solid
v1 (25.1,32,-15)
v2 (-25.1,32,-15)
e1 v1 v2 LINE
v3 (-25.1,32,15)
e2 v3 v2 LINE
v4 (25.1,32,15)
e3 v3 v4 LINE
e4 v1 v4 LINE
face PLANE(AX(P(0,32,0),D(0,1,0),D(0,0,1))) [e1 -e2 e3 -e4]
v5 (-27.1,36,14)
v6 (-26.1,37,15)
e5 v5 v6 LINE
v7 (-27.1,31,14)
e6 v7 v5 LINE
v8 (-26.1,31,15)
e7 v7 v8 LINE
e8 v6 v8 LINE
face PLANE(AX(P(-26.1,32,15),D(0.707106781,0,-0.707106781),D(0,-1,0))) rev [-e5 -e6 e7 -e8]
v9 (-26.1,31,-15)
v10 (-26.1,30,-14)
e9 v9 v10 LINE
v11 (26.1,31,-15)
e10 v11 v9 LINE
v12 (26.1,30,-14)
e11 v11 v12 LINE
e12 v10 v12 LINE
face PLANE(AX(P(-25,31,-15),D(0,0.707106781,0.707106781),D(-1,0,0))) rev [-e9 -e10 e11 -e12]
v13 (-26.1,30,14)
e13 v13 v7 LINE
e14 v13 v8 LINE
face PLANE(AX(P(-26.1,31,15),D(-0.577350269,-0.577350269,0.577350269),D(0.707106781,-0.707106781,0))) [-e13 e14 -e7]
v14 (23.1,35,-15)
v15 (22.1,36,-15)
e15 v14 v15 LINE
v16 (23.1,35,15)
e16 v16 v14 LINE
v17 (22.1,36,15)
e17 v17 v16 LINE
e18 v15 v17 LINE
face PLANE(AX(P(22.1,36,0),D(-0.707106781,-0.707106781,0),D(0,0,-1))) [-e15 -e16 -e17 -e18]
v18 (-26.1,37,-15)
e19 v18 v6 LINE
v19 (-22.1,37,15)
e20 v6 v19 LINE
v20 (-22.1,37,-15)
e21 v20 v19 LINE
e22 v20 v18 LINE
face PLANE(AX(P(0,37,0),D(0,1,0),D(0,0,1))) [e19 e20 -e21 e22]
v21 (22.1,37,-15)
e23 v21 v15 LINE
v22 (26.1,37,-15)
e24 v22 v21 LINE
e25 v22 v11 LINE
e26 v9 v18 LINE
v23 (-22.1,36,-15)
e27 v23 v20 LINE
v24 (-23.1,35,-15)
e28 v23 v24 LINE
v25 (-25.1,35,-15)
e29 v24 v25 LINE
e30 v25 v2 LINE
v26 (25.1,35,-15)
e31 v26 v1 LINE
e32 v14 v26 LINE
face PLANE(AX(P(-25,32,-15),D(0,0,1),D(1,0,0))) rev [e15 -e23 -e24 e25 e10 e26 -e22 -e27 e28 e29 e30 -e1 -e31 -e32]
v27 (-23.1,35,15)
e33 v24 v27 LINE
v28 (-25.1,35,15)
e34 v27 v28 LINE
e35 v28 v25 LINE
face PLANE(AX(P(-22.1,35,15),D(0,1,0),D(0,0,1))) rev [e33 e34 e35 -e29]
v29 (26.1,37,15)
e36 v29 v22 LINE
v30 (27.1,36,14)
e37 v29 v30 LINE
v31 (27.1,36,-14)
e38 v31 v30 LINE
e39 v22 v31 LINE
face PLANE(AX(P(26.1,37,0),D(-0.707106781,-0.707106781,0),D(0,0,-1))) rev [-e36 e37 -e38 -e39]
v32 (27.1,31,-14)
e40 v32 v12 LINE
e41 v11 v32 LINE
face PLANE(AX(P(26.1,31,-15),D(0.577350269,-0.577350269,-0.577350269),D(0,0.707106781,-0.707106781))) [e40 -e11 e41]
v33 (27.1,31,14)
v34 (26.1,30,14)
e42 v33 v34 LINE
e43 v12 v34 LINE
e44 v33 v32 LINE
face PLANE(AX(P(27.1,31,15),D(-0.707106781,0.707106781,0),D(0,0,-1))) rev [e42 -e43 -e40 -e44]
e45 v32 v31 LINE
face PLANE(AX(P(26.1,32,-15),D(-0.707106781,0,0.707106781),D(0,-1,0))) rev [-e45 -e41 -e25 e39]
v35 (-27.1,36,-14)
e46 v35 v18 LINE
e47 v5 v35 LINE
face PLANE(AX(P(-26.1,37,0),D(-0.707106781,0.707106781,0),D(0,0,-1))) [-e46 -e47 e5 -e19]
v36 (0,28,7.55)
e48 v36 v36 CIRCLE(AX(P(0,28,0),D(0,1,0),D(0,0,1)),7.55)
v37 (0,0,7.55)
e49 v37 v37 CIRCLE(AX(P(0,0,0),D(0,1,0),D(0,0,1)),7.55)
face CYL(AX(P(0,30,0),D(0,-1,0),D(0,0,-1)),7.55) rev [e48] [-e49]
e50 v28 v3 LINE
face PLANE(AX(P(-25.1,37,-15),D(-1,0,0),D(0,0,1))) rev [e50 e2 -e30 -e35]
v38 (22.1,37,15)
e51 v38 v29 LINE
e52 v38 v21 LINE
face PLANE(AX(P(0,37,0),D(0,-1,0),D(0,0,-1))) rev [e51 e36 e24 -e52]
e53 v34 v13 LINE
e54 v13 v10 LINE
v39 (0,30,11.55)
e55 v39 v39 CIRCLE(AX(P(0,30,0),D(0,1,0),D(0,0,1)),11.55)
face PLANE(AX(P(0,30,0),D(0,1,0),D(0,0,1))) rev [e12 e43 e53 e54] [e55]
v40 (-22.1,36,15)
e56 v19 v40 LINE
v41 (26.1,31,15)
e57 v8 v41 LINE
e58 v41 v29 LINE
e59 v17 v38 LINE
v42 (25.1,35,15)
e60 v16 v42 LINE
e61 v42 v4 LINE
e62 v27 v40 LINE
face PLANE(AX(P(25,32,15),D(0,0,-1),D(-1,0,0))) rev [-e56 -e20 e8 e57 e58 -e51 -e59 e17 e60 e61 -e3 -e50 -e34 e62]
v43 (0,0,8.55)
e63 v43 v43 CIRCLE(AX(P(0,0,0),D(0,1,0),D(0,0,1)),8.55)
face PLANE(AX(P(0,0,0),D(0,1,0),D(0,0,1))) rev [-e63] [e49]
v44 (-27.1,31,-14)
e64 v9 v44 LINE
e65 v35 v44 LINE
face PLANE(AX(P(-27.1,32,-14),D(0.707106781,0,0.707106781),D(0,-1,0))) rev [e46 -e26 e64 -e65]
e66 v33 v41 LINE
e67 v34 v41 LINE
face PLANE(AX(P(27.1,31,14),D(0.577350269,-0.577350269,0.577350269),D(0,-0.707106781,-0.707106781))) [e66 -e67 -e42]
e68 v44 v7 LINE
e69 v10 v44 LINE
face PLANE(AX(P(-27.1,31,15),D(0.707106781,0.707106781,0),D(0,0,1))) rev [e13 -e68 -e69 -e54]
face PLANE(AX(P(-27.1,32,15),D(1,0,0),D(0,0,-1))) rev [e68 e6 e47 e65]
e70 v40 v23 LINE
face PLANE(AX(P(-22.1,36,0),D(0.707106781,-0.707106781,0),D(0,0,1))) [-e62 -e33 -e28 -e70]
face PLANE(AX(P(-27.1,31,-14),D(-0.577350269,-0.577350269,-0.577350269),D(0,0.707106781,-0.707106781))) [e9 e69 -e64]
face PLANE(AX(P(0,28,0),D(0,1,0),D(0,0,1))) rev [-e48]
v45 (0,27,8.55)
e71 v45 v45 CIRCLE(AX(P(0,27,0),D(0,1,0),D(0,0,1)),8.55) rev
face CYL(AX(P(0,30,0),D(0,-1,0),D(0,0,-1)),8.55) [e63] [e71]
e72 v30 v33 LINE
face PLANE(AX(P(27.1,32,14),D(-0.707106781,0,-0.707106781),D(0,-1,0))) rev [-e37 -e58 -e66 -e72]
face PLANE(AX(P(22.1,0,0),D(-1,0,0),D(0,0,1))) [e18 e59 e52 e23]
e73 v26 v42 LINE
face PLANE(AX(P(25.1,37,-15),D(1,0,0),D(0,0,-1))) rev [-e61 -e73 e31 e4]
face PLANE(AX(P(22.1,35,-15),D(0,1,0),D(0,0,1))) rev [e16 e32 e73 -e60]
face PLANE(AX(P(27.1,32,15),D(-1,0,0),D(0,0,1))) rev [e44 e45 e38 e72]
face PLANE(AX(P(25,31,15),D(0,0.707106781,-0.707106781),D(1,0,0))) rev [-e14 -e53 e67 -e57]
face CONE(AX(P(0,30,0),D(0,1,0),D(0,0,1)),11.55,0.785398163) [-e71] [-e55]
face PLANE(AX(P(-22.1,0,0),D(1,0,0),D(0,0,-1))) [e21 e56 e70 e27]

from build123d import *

# Parameters (mm, degrees)
SKETCH1_R           = 8.55
SKETCH1_R_2         = 7.55
BOSS_EXTRUDE1_DEPTH = 30
SKETCH2_R           = 8.55
BOSS_EXTRUDE2_DEPTH = 2
BOSS_EXTRUDE3_DEPTH = 2
SKETCH4_W           = 2
SKETCH4_H           = 30
BOSS_EXTRUDE4_DEPTH = 5
SKETCH6_W           = 30
SKETCH6_H           = 2
BOSS_EXTRUDE5_DEPTH = 3
SKETCH7_W           = 30
SKETCH7_H           = 2
BOSS_EXTRUDE6_DEPTH = 3
CHAMFER1_SIZE       = 3
CHAMFER2_SIZE       = 1
CHAMFER3_SIZE       = 1


with BuildPart() as part:
    # Sketch1 → Boss-Extrude1 (new body)
    with BuildSketch(Plane(origin=(0, 0, 0), x_dir=(1, 0, 0), z_dir=(0, 1, 0))):
        Circle(SKETCH1_R)
        Circle(SKETCH1_R_2, mode=Mode.SUBTRACT)
    extrude(amount=BOSS_EXTRUDE1_DEPTH)

    # Sketch2 → Boss-Extrude2 (add)
    with BuildSketch(Plane(origin=(0, 30, 0), x_dir=(1, 0, 0), z_dir=(0, 1, 0))):
        Circle(SKETCH2_R)
    extrude(amount=-BOSS_EXTRUDE2_DEPTH)

    # Sketch3 → Boss-Extrude3 (add)
    with BuildSketch(Plane(origin=(0, 30, 0), x_dir=(1, 0, 0), z_dir=(0, 1, 0))):
        Polygon((27.1, -15), (27.1, 15), (25, 15), (-25, 15), (-27.1, 15), (-27.1, -15), (-25, -15), (25, -15), align=None)
    extrude(amount=BOSS_EXTRUDE3_DEPTH)

    # Sketch4 → Boss-Extrude4 (add)
    with BuildSketch(Plane(origin=(0, 32, 0), x_dir=(1, 0, 0), z_dir=(0, 1, 0))):
        with Locations((-26.1, 0)):
            Rectangle(SKETCH4_W, SKETCH4_H)
        with Locations((26.1, 0)):
            Rectangle(SKETCH4_W, SKETCH4_H)
    extrude(amount=BOSS_EXTRUDE4_DEPTH)

    # Sketch6 → Boss-Extrude5 (add)
    with BuildSketch(Plane(origin=(-25.1, 0, 0), x_dir=(0, 0, -1), z_dir=(1, 0, 0))):
        with Locations((0, 36)):
            Rectangle(SKETCH6_W, SKETCH6_H)
    extrude(amount=BOSS_EXTRUDE5_DEPTH)

    # Sketch7 → Boss-Extrude6 (add)
    with BuildSketch(Plane.ZY.offset(-25.1)):
        with Locations((0, 36)):
            Rectangle(SKETCH7_W, SKETCH7_H)
    extrude(amount=BOSS_EXTRUDE6_DEPTH)

    # Chamfer1
    chamfer1_edges = [part.edges().sort_by_distance(p)[0] for p in [
        (-8.55, 30, 0),
    ]]
    chamfer(chamfer1_edges, length=CHAMFER1_SIZE)

    # Chamfer2
    chamfer2_edges = [part.edges().sort_by_distance(p)[0] for p in [
        (-22.1, 35, 0),
        (22.1, 35, 0),
    ]]
    chamfer(chamfer2_edges, length=CHAMFER2_SIZE)

    # Chamfer3
    chamfer3_edges = [part.edges().sort_by_distance(p)[0] for p in [
        (0, 30, -15),
        (27.1, 33.5, -15),
        (-27.1, 30, 0),
        (-27.1, 33.5, -15),
        (0, 30, 15),
        (-27.1, 33.5, 15),
        (27.1, 30, 0),
        (27.1, 33.5, 15),
        (-27.1, 37, 0),
        (27.1, 37, 0),
    ]]
    chamfer(chamfer3_edges, length=CHAMFER3_SIZE)


solid = part.part
